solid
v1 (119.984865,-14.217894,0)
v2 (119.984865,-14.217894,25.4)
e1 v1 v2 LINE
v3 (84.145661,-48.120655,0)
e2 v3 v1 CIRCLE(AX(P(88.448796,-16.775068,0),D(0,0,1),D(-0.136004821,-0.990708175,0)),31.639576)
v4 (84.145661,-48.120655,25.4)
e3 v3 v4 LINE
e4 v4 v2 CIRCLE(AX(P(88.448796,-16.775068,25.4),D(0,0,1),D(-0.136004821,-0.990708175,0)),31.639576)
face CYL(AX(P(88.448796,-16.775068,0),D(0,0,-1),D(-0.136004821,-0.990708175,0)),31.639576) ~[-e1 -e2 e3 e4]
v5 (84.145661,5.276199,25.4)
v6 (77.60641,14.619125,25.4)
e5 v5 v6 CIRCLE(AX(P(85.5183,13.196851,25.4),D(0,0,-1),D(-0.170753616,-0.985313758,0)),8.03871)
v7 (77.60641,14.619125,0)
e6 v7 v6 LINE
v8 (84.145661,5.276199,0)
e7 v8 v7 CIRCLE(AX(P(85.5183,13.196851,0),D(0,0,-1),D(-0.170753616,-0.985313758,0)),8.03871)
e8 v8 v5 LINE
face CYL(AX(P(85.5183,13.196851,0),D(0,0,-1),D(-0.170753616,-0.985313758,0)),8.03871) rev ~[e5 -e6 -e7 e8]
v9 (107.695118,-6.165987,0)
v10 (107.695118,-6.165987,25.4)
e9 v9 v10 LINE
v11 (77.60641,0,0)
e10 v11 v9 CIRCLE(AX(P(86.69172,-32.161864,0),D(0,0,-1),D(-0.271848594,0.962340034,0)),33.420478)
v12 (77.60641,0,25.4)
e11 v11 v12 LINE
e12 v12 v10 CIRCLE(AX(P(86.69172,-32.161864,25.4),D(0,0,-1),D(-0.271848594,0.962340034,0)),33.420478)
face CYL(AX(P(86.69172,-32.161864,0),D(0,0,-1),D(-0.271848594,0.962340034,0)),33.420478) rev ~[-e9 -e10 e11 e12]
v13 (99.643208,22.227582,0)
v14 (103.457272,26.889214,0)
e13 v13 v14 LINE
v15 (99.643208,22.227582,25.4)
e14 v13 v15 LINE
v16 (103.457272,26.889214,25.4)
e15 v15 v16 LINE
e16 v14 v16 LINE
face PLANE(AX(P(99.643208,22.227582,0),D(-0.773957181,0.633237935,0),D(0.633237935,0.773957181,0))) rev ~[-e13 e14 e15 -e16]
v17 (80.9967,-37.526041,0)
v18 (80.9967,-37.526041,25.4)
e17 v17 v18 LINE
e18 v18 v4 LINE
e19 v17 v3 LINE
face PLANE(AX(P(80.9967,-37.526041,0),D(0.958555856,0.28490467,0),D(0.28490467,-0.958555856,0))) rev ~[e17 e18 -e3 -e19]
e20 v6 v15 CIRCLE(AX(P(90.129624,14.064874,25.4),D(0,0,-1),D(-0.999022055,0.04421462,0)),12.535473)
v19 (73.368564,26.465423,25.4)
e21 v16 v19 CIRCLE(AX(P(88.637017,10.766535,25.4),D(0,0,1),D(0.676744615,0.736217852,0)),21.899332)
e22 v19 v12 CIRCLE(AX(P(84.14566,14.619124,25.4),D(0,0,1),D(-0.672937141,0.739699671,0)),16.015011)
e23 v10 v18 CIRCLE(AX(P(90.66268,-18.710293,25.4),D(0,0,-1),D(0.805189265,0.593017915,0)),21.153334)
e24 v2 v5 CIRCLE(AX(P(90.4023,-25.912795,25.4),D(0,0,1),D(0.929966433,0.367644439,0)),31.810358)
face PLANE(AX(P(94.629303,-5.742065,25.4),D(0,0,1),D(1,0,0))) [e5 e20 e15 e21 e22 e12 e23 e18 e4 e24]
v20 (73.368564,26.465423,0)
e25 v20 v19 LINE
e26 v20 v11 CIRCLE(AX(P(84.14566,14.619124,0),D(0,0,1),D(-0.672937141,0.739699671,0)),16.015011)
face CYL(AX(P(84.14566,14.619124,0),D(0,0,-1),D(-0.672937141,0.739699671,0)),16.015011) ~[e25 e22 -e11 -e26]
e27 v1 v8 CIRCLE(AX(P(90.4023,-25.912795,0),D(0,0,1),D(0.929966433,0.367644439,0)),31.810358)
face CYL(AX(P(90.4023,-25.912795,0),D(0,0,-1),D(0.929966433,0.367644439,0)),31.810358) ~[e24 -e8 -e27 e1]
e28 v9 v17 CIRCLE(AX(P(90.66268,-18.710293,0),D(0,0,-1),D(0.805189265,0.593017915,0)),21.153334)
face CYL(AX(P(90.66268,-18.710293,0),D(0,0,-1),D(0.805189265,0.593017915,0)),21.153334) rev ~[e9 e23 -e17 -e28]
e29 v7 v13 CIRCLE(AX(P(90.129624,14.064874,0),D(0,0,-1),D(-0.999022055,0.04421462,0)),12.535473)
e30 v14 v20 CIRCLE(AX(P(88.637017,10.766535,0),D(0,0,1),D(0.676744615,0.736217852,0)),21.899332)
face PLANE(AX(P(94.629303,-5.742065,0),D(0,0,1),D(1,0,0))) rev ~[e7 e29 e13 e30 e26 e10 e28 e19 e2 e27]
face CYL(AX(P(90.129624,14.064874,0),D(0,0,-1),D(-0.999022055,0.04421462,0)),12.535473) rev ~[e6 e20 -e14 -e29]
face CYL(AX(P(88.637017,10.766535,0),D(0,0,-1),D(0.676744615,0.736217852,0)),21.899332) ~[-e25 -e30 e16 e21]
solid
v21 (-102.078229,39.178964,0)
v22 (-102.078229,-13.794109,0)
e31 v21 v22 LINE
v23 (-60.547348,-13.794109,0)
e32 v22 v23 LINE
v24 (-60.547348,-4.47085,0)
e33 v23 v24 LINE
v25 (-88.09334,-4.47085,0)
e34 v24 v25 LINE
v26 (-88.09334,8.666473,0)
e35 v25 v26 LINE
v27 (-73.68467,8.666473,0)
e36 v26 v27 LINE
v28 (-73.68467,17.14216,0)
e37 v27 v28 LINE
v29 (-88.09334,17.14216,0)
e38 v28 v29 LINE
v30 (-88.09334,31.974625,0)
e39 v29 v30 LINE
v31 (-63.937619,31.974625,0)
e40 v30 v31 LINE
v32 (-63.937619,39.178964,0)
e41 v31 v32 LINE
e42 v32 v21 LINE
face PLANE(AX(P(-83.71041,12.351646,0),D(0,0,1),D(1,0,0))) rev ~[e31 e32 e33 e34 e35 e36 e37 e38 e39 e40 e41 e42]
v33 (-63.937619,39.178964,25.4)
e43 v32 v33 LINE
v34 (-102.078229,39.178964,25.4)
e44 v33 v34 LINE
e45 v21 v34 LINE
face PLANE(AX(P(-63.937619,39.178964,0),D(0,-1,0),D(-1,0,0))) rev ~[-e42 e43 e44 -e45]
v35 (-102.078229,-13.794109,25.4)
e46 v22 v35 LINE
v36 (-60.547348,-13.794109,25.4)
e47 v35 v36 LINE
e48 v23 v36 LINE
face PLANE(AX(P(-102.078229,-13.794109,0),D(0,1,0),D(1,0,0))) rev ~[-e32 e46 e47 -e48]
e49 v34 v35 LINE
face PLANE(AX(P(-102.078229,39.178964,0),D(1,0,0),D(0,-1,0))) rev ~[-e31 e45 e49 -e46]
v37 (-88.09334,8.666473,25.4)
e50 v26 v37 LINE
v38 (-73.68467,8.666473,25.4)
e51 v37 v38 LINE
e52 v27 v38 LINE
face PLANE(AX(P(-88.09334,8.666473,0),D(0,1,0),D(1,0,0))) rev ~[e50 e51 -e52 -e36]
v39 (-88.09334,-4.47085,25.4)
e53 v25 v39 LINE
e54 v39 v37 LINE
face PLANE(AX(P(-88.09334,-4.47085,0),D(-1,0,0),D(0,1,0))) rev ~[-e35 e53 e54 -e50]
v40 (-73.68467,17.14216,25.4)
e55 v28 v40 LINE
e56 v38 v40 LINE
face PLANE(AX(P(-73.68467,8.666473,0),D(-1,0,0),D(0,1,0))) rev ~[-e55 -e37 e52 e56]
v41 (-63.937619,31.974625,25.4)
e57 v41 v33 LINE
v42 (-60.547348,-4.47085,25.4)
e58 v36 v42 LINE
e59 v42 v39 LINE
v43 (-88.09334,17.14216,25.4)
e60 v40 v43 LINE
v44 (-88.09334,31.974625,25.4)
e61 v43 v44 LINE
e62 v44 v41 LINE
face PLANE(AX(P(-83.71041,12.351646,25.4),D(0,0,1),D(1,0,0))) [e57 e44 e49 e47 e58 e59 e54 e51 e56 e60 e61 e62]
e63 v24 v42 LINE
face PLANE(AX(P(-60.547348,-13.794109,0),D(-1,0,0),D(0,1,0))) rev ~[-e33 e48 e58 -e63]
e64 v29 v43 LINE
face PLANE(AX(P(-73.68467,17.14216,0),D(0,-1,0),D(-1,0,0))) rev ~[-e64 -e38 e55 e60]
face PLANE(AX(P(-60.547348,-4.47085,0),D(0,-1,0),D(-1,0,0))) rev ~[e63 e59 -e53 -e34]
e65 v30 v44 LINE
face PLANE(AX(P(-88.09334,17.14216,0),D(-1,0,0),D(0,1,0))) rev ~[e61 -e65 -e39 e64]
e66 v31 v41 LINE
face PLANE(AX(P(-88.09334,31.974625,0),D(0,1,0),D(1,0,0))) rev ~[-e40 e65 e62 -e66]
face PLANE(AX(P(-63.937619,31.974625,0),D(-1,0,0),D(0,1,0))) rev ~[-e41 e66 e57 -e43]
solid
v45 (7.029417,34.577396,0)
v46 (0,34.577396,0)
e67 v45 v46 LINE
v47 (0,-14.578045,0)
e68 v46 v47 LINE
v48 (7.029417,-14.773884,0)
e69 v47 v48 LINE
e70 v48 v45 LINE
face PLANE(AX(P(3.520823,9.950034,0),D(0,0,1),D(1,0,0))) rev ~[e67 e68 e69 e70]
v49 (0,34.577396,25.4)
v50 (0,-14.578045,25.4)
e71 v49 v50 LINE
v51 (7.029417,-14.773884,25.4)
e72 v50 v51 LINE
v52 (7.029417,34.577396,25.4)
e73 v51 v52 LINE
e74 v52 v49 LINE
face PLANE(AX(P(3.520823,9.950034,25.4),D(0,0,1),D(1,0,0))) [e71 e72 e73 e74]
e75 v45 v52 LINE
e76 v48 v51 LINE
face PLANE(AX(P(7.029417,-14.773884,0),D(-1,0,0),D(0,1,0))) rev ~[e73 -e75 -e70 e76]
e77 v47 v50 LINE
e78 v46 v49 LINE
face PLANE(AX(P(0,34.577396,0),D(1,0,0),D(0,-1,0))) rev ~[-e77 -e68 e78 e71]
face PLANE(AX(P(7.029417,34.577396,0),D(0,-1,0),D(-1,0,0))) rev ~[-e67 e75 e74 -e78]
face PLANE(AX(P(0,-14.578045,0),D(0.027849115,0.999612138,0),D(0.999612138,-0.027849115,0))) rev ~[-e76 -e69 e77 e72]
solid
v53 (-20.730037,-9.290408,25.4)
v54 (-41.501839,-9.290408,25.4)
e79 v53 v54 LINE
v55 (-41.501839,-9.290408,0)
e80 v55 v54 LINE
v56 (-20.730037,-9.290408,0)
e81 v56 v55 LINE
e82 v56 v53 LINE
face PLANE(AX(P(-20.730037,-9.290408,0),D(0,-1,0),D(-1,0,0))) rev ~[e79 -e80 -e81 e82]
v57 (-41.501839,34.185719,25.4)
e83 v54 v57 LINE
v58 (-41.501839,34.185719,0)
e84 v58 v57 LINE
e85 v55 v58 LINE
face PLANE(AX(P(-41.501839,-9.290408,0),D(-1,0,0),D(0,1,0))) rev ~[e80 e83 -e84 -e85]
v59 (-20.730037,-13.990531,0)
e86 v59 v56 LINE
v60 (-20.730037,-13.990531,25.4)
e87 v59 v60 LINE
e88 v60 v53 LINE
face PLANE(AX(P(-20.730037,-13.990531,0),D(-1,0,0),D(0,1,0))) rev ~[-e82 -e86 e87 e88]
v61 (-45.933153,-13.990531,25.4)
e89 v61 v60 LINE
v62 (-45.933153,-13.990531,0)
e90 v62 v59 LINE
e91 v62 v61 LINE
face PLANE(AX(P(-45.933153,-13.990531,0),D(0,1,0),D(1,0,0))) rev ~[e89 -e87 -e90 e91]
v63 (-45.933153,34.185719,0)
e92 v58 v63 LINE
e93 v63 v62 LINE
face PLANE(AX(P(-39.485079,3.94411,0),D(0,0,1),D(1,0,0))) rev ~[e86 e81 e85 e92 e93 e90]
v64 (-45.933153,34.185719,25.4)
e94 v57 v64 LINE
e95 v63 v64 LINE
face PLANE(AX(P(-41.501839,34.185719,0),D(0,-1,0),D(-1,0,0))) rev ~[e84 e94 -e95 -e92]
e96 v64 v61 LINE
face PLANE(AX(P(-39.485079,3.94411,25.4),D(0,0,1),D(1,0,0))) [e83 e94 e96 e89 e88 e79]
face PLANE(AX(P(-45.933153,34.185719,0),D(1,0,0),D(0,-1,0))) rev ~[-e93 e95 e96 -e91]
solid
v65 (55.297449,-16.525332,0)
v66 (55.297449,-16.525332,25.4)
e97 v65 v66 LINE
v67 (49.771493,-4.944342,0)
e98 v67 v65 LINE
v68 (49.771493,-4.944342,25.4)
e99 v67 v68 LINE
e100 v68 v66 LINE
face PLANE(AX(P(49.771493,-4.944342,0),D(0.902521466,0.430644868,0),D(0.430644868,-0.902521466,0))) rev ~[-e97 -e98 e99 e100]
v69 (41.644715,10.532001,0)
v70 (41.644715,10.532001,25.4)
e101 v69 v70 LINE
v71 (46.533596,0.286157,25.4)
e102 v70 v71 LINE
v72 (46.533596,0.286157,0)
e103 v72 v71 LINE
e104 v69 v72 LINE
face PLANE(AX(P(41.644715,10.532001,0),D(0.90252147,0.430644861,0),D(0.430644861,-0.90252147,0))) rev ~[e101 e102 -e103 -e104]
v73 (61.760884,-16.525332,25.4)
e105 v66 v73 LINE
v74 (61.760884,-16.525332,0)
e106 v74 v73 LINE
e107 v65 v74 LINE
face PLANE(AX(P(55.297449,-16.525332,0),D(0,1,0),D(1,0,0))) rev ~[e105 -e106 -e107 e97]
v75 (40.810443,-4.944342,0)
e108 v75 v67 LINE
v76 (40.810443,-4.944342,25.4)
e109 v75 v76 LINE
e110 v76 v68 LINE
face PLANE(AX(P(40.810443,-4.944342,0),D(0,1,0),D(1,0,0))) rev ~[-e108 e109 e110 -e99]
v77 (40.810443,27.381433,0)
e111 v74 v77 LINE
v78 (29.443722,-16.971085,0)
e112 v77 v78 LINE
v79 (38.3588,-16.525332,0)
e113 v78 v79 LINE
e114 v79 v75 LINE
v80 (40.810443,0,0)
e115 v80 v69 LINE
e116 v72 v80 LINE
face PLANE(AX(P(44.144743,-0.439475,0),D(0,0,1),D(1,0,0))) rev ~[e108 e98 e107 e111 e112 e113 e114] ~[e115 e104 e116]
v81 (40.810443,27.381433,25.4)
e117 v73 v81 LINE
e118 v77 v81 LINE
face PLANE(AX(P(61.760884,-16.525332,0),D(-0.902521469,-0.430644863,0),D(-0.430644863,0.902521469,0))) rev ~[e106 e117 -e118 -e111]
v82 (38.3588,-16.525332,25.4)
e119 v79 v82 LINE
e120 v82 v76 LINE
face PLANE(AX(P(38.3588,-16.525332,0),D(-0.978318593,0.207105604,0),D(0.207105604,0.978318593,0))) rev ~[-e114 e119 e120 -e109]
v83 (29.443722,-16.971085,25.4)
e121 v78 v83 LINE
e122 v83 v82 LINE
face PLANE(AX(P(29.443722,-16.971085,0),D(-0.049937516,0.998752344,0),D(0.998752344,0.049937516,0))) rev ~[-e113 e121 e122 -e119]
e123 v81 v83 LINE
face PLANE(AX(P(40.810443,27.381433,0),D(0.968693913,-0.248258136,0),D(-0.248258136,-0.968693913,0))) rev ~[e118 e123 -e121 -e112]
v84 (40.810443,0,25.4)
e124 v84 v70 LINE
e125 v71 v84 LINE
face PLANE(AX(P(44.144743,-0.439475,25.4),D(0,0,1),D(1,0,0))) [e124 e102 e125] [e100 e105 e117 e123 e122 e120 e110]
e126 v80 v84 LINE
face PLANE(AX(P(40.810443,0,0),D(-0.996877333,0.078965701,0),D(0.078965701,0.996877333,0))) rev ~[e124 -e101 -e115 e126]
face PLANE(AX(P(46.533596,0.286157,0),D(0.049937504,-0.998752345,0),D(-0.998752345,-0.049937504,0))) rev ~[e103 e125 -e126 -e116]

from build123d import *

# Parameters (mm, degrees)
F3_DEPTH = 25.4
F4_DEPTH = 25.4
F5_DEPTH = 25.4
F7_DEPTH = 25.4
F8_DEPTH = 25.4


with BuildPart() as f3:
    # F2 (on Top) → F3 (new body)
    with BuildSketch(Plane.XY):
        Polygon((40.810443, 27.381433), (29.443722, -16.971085), (38.3588, -16.525332), (40.810443, -4.944342), (49.771493, -4.944342), (55.297449, -16.525332), (61.760884, -16.525332), align=None)
        Polygon((46.533596, 0.286157), (40.810443, 0), (41.644715, 10.532001), align=None, mode=Mode.SUBTRACT)
    extrude(amount=F3_DEPTH)


with BuildPart() as f4:
    # F1 (on Top) → F4 (new body)
    with BuildSketch(Plane.XY):
        Polygon((0, 34.577396), (0, -14.578045), (7.029417, -14.773884), (7.029417, 34.577396), align=None)
    extrude(amount=F4_DEPTH)


with BuildPart() as f5:
    # F0 (on Top) → F5 (new body)
    with BuildSketch(Plane.XY):
        Polygon((-41.501839, 34.185719), (-45.933153, 34.185719), (-45.933153, -13.990531), (-20.730037, -13.990531), (-20.730037, -9.290408), (-41.501839, -9.290408), align=None)
    extrude(amount=F5_DEPTH)


with BuildPart() as f7:
    # F6 (on Top) → F7 (new body)
    with BuildSketch(Plane.XY):
        Polygon((-102.078229, -13.794109), (-60.547348, -13.794109), (-60.547348, -4.47085), (-88.09334, -4.47085), (-88.09334, 8.666473), (-73.68467, 8.666473), (-73.68467, 17.14216), (-88.09334, 17.14216), (-88.09334, 31.974625), (-63.937619, 31.974625), (-63.937619, 39.178964), (-102.078229, 39.178964), align=None)
    extrude(amount=F7_DEPTH)


with BuildPart() as f8:
    # F6 (on Top) → F8 (new body)
    with BuildSketch(Plane.XY):
        with BuildLine():
            Line((99.643208, 22.227582), (103.457272, 26.889214))
            ThreePointArc((103.457272, 26.889214), (88.328602, 32.663695), (73.368564, 26.465423))
            ThreePointArc((73.368564, 26.465423), (68.332102, 12.086937), (77.60641, 0))
            ThreePointArc((77.60641, 0), (93.401046, 0.578223), (107.695118, -6.165987))
            ThreePointArc((107.695118, -6.165987), (106.769493, -32.422847), (80.9967, -37.526041))
            Line((80.9967, -37.526041), (84.145661, -48.120655))
            ThreePointArc((84.145661, -48.120655), (110.191783, -39.759961), (119.984865, -14.217894))
            ThreePointArc((119.984865, -14.217894), (105.601958, 2.031243), (84.145661, 5.276199))
            ThreePointArc((84.145661, 5.276199), (78.932468, 8.58733), (77.60641, 14.619125))
            ThreePointArc((77.60641, 14.619125), (86.038582, 25.913986), (99.643208, 22.227582))
        make_face()
    extrude(amount=F8_DEPTH)


solid = Compound([f3.part, f4.part, f5.part, f7.part, f8.part])
